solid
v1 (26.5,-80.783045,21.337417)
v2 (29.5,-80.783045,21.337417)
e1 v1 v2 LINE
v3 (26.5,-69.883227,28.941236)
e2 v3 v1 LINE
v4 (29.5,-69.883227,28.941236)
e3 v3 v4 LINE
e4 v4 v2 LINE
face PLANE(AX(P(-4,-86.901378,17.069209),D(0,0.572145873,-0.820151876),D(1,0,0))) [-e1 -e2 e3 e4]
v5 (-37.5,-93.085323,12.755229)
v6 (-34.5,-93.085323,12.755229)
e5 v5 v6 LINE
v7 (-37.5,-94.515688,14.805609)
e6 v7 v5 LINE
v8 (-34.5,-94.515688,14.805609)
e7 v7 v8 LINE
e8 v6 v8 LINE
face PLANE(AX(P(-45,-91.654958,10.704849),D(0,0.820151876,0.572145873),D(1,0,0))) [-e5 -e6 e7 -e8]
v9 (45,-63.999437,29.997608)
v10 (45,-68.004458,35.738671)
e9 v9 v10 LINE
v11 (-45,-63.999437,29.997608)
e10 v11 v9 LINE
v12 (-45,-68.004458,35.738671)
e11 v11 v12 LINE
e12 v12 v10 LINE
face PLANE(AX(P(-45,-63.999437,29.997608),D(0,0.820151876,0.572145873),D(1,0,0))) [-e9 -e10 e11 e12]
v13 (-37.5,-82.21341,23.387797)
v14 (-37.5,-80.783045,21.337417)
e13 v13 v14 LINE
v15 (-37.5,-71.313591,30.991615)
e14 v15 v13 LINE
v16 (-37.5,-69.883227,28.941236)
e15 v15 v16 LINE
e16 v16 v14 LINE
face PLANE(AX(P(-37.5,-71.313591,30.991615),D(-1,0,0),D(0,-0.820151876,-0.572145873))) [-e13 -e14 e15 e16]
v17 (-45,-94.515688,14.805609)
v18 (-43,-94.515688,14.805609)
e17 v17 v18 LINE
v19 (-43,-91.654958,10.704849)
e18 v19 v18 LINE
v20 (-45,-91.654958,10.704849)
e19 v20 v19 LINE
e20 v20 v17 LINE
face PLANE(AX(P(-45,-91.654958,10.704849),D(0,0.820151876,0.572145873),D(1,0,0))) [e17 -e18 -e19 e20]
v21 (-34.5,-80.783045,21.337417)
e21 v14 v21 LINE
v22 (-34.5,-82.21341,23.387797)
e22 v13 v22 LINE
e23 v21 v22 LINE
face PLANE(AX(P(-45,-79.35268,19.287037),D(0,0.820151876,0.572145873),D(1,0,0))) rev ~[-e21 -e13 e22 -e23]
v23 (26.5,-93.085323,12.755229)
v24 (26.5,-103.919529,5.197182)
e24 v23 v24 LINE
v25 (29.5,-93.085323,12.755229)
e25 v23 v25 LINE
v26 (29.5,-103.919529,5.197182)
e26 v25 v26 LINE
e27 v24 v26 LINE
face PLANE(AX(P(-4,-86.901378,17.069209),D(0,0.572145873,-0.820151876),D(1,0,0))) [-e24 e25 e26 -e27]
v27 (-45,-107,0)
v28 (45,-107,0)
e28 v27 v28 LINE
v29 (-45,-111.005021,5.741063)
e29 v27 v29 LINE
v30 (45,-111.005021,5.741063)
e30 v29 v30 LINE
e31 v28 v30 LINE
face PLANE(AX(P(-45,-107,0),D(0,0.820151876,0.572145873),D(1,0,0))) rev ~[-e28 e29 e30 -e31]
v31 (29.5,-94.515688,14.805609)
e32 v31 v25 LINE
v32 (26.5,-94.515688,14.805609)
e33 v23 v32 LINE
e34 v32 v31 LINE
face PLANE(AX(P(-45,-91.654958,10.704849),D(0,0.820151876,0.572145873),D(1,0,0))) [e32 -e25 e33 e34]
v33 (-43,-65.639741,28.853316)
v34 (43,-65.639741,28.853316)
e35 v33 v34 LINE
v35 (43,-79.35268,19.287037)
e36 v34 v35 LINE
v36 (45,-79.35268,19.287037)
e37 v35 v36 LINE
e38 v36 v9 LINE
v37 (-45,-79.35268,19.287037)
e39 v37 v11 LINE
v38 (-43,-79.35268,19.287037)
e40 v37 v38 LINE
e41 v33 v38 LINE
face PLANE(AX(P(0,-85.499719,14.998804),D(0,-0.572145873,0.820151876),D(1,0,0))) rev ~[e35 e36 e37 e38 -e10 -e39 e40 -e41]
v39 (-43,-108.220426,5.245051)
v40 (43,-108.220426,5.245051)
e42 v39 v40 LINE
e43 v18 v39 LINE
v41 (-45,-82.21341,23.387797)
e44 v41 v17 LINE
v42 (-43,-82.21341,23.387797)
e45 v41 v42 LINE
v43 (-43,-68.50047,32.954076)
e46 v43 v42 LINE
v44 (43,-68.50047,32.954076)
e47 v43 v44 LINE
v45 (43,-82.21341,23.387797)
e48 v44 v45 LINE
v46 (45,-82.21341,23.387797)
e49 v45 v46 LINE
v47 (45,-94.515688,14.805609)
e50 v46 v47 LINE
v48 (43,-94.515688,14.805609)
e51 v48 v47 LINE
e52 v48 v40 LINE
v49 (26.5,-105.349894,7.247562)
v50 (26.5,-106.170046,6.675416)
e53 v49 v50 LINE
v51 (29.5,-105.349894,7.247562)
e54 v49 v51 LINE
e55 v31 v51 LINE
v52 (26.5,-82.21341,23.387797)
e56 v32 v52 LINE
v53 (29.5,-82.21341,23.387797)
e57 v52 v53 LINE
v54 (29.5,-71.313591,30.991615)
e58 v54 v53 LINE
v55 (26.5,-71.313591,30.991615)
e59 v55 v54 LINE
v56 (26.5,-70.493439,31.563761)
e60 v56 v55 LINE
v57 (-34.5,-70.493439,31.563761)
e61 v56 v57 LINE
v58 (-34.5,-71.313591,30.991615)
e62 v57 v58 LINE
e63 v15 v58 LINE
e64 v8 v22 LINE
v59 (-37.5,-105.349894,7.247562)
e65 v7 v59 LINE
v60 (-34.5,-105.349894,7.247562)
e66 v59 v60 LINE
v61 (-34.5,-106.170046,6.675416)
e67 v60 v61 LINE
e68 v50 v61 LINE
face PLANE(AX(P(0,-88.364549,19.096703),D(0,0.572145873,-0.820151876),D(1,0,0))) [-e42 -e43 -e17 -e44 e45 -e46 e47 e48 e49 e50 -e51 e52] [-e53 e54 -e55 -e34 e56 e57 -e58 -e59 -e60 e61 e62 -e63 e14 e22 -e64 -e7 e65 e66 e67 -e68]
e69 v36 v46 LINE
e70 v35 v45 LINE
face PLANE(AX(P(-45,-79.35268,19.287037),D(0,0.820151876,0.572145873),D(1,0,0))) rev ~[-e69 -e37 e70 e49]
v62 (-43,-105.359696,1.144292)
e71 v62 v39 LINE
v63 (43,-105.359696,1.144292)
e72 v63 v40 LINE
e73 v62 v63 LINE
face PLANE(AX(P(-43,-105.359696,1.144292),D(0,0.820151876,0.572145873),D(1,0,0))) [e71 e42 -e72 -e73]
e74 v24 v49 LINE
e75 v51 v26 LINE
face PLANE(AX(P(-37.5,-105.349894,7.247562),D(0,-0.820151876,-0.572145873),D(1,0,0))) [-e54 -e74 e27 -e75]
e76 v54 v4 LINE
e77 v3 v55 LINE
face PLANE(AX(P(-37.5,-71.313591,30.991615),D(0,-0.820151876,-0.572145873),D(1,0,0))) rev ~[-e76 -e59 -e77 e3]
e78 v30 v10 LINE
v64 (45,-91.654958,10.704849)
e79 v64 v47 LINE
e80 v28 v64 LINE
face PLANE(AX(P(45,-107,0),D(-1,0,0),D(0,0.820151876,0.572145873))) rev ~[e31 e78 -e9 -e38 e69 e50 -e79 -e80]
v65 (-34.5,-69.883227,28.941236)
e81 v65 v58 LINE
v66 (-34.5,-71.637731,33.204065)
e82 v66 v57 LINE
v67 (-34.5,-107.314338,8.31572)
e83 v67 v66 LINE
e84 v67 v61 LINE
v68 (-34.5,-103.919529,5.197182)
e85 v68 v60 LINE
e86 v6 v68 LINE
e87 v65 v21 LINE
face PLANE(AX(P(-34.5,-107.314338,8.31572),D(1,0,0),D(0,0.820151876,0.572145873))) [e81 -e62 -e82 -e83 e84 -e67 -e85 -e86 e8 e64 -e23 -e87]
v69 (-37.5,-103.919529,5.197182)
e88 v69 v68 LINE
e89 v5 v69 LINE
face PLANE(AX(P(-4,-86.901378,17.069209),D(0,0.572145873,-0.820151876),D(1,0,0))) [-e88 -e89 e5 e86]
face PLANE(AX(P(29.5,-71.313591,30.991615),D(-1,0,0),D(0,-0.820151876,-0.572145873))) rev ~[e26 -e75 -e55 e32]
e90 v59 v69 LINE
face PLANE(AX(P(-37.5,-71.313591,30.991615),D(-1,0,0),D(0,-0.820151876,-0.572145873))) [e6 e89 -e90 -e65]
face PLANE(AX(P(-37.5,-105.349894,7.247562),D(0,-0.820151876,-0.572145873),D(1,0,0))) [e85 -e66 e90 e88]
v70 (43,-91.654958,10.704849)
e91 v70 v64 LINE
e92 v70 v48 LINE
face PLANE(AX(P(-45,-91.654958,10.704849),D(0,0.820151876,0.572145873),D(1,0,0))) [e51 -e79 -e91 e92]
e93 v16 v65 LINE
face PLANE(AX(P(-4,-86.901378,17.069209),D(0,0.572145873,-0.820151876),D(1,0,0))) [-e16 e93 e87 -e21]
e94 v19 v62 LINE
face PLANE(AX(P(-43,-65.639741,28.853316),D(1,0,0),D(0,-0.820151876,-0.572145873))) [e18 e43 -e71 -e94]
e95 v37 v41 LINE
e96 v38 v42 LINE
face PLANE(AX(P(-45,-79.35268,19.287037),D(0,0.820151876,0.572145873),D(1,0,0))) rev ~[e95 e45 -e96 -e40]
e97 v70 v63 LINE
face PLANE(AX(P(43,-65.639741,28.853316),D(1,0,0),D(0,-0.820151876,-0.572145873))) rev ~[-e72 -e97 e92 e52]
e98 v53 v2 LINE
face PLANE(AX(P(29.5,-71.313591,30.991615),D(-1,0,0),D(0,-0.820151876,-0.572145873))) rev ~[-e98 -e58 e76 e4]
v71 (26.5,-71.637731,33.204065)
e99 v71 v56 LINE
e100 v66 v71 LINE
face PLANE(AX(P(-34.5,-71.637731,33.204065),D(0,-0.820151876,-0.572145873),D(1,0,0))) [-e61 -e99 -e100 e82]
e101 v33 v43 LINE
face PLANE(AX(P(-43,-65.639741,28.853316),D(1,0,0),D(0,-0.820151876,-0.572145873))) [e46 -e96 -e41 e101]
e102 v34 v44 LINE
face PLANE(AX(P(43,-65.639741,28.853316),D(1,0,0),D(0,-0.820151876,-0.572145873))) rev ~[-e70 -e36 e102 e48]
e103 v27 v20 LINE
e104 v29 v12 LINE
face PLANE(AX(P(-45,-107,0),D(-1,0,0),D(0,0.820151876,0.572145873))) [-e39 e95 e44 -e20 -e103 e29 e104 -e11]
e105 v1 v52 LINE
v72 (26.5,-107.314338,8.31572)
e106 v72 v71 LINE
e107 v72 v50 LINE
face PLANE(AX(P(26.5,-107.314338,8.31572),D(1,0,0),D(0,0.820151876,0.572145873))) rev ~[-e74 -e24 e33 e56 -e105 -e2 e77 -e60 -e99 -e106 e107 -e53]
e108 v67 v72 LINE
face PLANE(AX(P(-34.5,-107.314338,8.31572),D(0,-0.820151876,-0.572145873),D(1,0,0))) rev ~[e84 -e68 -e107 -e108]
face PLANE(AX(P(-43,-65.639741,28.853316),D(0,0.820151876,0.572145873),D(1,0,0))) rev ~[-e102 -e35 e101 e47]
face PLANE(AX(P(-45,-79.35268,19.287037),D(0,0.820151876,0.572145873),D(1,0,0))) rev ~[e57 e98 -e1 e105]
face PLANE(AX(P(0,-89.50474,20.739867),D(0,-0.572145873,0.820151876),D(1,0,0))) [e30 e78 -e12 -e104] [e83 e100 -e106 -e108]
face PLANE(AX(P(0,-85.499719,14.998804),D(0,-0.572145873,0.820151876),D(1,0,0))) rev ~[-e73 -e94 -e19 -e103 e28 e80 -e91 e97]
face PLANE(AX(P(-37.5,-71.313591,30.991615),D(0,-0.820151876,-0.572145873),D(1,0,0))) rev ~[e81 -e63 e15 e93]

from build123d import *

# Parameters (mm, degrees)
SKETCH019_W             = 90
SKETCH019_H             = 52.43
PAD008_DEPTH            = 7
SKETCH020_W             = 86
SKETCH020_H             = 48.43
POCKET010_DEPTH         = 5
SKETCH030_W             = 67
SKETCH030_H             = 41.5
PAD011_DEPTH            = 2.5
SKETCH021_W             = 61
SKETCH021_H             = 43.5
POCKET011_DEPTH         = 7.001
SKETCH029_W             = 90
SKETCH029_H             = 15
POCKET016_DEPTH         = 5
BODY001_PLACEMENT_ANGLE = 34.9


with BuildPart() as part:
    # Sketch019 → Pad008 (new body)
    with BuildSketch(Plane.XY):
        with Locations((0, 26.215)):
            Rectangle(SKETCH019_W, SKETCH019_H)
    extrude(amount=PAD008_DEPTH)

    # Sketch020 (on Face5 of Pad008) → Pocket010 (cut)
    with BuildSketch(Plane(origin=(0, 0, 0), x_dir=(1, 0, 0), z_dir=(0, 0, -1))):
        with Locations((0, -26.215)):
            Rectangle(SKETCH020_W, SKETCH020_H)
    extrude(amount=-POCKET010_DEPTH, mode=Mode.SUBTRACT)

    # Sketch030 (on Face11 of Pocket010) → Pad011 (join)
    with BuildSketch(Plane(origin=(0, 0, 5), x_dir=(1, 0, 0), z_dir=(0, 0, -1))):
        with Locations((-4, -26.25)):
            Rectangle(SKETCH030_W, SKETCH030_H)
    extrude(amount=PAD011_DEPTH)

    # Sketch021 (on Face5 of Pocket010) → Pocket011 (cut, through all)
    with BuildSketch(Plane.XY.offset(7)):
        with Locations((-4, 26.25)):
            Rectangle(SKETCH021_W, SKETCH021_H)
    extrude(amount=-POCKET011_DEPTH, mode=Mode.SUBTRACT)

    # Sketch029 (on Face4 of Pocket011) → Pocket016 (cut)
    with BuildSketch(Plane(origin=(0, 0, 0), x_dir=(1, 0, 0), z_dir=(0, 0, -1))):
        with Locations((0, -26.21)):
            Rectangle(SKETCH029_W, SKETCH029_H)
    extrude(amount=-POCKET016_DEPTH, mode=Mode.SUBTRACT)


with BuildPart() as part_1:
    # Body001 placement: moved
    add(part.part.moved(Location((0, -107, 0))).rotate(Axis((0, -107, 0), (1, 0, 0)), BODY001_PLACEMENT_ANGLE))


solid = part_1.part
